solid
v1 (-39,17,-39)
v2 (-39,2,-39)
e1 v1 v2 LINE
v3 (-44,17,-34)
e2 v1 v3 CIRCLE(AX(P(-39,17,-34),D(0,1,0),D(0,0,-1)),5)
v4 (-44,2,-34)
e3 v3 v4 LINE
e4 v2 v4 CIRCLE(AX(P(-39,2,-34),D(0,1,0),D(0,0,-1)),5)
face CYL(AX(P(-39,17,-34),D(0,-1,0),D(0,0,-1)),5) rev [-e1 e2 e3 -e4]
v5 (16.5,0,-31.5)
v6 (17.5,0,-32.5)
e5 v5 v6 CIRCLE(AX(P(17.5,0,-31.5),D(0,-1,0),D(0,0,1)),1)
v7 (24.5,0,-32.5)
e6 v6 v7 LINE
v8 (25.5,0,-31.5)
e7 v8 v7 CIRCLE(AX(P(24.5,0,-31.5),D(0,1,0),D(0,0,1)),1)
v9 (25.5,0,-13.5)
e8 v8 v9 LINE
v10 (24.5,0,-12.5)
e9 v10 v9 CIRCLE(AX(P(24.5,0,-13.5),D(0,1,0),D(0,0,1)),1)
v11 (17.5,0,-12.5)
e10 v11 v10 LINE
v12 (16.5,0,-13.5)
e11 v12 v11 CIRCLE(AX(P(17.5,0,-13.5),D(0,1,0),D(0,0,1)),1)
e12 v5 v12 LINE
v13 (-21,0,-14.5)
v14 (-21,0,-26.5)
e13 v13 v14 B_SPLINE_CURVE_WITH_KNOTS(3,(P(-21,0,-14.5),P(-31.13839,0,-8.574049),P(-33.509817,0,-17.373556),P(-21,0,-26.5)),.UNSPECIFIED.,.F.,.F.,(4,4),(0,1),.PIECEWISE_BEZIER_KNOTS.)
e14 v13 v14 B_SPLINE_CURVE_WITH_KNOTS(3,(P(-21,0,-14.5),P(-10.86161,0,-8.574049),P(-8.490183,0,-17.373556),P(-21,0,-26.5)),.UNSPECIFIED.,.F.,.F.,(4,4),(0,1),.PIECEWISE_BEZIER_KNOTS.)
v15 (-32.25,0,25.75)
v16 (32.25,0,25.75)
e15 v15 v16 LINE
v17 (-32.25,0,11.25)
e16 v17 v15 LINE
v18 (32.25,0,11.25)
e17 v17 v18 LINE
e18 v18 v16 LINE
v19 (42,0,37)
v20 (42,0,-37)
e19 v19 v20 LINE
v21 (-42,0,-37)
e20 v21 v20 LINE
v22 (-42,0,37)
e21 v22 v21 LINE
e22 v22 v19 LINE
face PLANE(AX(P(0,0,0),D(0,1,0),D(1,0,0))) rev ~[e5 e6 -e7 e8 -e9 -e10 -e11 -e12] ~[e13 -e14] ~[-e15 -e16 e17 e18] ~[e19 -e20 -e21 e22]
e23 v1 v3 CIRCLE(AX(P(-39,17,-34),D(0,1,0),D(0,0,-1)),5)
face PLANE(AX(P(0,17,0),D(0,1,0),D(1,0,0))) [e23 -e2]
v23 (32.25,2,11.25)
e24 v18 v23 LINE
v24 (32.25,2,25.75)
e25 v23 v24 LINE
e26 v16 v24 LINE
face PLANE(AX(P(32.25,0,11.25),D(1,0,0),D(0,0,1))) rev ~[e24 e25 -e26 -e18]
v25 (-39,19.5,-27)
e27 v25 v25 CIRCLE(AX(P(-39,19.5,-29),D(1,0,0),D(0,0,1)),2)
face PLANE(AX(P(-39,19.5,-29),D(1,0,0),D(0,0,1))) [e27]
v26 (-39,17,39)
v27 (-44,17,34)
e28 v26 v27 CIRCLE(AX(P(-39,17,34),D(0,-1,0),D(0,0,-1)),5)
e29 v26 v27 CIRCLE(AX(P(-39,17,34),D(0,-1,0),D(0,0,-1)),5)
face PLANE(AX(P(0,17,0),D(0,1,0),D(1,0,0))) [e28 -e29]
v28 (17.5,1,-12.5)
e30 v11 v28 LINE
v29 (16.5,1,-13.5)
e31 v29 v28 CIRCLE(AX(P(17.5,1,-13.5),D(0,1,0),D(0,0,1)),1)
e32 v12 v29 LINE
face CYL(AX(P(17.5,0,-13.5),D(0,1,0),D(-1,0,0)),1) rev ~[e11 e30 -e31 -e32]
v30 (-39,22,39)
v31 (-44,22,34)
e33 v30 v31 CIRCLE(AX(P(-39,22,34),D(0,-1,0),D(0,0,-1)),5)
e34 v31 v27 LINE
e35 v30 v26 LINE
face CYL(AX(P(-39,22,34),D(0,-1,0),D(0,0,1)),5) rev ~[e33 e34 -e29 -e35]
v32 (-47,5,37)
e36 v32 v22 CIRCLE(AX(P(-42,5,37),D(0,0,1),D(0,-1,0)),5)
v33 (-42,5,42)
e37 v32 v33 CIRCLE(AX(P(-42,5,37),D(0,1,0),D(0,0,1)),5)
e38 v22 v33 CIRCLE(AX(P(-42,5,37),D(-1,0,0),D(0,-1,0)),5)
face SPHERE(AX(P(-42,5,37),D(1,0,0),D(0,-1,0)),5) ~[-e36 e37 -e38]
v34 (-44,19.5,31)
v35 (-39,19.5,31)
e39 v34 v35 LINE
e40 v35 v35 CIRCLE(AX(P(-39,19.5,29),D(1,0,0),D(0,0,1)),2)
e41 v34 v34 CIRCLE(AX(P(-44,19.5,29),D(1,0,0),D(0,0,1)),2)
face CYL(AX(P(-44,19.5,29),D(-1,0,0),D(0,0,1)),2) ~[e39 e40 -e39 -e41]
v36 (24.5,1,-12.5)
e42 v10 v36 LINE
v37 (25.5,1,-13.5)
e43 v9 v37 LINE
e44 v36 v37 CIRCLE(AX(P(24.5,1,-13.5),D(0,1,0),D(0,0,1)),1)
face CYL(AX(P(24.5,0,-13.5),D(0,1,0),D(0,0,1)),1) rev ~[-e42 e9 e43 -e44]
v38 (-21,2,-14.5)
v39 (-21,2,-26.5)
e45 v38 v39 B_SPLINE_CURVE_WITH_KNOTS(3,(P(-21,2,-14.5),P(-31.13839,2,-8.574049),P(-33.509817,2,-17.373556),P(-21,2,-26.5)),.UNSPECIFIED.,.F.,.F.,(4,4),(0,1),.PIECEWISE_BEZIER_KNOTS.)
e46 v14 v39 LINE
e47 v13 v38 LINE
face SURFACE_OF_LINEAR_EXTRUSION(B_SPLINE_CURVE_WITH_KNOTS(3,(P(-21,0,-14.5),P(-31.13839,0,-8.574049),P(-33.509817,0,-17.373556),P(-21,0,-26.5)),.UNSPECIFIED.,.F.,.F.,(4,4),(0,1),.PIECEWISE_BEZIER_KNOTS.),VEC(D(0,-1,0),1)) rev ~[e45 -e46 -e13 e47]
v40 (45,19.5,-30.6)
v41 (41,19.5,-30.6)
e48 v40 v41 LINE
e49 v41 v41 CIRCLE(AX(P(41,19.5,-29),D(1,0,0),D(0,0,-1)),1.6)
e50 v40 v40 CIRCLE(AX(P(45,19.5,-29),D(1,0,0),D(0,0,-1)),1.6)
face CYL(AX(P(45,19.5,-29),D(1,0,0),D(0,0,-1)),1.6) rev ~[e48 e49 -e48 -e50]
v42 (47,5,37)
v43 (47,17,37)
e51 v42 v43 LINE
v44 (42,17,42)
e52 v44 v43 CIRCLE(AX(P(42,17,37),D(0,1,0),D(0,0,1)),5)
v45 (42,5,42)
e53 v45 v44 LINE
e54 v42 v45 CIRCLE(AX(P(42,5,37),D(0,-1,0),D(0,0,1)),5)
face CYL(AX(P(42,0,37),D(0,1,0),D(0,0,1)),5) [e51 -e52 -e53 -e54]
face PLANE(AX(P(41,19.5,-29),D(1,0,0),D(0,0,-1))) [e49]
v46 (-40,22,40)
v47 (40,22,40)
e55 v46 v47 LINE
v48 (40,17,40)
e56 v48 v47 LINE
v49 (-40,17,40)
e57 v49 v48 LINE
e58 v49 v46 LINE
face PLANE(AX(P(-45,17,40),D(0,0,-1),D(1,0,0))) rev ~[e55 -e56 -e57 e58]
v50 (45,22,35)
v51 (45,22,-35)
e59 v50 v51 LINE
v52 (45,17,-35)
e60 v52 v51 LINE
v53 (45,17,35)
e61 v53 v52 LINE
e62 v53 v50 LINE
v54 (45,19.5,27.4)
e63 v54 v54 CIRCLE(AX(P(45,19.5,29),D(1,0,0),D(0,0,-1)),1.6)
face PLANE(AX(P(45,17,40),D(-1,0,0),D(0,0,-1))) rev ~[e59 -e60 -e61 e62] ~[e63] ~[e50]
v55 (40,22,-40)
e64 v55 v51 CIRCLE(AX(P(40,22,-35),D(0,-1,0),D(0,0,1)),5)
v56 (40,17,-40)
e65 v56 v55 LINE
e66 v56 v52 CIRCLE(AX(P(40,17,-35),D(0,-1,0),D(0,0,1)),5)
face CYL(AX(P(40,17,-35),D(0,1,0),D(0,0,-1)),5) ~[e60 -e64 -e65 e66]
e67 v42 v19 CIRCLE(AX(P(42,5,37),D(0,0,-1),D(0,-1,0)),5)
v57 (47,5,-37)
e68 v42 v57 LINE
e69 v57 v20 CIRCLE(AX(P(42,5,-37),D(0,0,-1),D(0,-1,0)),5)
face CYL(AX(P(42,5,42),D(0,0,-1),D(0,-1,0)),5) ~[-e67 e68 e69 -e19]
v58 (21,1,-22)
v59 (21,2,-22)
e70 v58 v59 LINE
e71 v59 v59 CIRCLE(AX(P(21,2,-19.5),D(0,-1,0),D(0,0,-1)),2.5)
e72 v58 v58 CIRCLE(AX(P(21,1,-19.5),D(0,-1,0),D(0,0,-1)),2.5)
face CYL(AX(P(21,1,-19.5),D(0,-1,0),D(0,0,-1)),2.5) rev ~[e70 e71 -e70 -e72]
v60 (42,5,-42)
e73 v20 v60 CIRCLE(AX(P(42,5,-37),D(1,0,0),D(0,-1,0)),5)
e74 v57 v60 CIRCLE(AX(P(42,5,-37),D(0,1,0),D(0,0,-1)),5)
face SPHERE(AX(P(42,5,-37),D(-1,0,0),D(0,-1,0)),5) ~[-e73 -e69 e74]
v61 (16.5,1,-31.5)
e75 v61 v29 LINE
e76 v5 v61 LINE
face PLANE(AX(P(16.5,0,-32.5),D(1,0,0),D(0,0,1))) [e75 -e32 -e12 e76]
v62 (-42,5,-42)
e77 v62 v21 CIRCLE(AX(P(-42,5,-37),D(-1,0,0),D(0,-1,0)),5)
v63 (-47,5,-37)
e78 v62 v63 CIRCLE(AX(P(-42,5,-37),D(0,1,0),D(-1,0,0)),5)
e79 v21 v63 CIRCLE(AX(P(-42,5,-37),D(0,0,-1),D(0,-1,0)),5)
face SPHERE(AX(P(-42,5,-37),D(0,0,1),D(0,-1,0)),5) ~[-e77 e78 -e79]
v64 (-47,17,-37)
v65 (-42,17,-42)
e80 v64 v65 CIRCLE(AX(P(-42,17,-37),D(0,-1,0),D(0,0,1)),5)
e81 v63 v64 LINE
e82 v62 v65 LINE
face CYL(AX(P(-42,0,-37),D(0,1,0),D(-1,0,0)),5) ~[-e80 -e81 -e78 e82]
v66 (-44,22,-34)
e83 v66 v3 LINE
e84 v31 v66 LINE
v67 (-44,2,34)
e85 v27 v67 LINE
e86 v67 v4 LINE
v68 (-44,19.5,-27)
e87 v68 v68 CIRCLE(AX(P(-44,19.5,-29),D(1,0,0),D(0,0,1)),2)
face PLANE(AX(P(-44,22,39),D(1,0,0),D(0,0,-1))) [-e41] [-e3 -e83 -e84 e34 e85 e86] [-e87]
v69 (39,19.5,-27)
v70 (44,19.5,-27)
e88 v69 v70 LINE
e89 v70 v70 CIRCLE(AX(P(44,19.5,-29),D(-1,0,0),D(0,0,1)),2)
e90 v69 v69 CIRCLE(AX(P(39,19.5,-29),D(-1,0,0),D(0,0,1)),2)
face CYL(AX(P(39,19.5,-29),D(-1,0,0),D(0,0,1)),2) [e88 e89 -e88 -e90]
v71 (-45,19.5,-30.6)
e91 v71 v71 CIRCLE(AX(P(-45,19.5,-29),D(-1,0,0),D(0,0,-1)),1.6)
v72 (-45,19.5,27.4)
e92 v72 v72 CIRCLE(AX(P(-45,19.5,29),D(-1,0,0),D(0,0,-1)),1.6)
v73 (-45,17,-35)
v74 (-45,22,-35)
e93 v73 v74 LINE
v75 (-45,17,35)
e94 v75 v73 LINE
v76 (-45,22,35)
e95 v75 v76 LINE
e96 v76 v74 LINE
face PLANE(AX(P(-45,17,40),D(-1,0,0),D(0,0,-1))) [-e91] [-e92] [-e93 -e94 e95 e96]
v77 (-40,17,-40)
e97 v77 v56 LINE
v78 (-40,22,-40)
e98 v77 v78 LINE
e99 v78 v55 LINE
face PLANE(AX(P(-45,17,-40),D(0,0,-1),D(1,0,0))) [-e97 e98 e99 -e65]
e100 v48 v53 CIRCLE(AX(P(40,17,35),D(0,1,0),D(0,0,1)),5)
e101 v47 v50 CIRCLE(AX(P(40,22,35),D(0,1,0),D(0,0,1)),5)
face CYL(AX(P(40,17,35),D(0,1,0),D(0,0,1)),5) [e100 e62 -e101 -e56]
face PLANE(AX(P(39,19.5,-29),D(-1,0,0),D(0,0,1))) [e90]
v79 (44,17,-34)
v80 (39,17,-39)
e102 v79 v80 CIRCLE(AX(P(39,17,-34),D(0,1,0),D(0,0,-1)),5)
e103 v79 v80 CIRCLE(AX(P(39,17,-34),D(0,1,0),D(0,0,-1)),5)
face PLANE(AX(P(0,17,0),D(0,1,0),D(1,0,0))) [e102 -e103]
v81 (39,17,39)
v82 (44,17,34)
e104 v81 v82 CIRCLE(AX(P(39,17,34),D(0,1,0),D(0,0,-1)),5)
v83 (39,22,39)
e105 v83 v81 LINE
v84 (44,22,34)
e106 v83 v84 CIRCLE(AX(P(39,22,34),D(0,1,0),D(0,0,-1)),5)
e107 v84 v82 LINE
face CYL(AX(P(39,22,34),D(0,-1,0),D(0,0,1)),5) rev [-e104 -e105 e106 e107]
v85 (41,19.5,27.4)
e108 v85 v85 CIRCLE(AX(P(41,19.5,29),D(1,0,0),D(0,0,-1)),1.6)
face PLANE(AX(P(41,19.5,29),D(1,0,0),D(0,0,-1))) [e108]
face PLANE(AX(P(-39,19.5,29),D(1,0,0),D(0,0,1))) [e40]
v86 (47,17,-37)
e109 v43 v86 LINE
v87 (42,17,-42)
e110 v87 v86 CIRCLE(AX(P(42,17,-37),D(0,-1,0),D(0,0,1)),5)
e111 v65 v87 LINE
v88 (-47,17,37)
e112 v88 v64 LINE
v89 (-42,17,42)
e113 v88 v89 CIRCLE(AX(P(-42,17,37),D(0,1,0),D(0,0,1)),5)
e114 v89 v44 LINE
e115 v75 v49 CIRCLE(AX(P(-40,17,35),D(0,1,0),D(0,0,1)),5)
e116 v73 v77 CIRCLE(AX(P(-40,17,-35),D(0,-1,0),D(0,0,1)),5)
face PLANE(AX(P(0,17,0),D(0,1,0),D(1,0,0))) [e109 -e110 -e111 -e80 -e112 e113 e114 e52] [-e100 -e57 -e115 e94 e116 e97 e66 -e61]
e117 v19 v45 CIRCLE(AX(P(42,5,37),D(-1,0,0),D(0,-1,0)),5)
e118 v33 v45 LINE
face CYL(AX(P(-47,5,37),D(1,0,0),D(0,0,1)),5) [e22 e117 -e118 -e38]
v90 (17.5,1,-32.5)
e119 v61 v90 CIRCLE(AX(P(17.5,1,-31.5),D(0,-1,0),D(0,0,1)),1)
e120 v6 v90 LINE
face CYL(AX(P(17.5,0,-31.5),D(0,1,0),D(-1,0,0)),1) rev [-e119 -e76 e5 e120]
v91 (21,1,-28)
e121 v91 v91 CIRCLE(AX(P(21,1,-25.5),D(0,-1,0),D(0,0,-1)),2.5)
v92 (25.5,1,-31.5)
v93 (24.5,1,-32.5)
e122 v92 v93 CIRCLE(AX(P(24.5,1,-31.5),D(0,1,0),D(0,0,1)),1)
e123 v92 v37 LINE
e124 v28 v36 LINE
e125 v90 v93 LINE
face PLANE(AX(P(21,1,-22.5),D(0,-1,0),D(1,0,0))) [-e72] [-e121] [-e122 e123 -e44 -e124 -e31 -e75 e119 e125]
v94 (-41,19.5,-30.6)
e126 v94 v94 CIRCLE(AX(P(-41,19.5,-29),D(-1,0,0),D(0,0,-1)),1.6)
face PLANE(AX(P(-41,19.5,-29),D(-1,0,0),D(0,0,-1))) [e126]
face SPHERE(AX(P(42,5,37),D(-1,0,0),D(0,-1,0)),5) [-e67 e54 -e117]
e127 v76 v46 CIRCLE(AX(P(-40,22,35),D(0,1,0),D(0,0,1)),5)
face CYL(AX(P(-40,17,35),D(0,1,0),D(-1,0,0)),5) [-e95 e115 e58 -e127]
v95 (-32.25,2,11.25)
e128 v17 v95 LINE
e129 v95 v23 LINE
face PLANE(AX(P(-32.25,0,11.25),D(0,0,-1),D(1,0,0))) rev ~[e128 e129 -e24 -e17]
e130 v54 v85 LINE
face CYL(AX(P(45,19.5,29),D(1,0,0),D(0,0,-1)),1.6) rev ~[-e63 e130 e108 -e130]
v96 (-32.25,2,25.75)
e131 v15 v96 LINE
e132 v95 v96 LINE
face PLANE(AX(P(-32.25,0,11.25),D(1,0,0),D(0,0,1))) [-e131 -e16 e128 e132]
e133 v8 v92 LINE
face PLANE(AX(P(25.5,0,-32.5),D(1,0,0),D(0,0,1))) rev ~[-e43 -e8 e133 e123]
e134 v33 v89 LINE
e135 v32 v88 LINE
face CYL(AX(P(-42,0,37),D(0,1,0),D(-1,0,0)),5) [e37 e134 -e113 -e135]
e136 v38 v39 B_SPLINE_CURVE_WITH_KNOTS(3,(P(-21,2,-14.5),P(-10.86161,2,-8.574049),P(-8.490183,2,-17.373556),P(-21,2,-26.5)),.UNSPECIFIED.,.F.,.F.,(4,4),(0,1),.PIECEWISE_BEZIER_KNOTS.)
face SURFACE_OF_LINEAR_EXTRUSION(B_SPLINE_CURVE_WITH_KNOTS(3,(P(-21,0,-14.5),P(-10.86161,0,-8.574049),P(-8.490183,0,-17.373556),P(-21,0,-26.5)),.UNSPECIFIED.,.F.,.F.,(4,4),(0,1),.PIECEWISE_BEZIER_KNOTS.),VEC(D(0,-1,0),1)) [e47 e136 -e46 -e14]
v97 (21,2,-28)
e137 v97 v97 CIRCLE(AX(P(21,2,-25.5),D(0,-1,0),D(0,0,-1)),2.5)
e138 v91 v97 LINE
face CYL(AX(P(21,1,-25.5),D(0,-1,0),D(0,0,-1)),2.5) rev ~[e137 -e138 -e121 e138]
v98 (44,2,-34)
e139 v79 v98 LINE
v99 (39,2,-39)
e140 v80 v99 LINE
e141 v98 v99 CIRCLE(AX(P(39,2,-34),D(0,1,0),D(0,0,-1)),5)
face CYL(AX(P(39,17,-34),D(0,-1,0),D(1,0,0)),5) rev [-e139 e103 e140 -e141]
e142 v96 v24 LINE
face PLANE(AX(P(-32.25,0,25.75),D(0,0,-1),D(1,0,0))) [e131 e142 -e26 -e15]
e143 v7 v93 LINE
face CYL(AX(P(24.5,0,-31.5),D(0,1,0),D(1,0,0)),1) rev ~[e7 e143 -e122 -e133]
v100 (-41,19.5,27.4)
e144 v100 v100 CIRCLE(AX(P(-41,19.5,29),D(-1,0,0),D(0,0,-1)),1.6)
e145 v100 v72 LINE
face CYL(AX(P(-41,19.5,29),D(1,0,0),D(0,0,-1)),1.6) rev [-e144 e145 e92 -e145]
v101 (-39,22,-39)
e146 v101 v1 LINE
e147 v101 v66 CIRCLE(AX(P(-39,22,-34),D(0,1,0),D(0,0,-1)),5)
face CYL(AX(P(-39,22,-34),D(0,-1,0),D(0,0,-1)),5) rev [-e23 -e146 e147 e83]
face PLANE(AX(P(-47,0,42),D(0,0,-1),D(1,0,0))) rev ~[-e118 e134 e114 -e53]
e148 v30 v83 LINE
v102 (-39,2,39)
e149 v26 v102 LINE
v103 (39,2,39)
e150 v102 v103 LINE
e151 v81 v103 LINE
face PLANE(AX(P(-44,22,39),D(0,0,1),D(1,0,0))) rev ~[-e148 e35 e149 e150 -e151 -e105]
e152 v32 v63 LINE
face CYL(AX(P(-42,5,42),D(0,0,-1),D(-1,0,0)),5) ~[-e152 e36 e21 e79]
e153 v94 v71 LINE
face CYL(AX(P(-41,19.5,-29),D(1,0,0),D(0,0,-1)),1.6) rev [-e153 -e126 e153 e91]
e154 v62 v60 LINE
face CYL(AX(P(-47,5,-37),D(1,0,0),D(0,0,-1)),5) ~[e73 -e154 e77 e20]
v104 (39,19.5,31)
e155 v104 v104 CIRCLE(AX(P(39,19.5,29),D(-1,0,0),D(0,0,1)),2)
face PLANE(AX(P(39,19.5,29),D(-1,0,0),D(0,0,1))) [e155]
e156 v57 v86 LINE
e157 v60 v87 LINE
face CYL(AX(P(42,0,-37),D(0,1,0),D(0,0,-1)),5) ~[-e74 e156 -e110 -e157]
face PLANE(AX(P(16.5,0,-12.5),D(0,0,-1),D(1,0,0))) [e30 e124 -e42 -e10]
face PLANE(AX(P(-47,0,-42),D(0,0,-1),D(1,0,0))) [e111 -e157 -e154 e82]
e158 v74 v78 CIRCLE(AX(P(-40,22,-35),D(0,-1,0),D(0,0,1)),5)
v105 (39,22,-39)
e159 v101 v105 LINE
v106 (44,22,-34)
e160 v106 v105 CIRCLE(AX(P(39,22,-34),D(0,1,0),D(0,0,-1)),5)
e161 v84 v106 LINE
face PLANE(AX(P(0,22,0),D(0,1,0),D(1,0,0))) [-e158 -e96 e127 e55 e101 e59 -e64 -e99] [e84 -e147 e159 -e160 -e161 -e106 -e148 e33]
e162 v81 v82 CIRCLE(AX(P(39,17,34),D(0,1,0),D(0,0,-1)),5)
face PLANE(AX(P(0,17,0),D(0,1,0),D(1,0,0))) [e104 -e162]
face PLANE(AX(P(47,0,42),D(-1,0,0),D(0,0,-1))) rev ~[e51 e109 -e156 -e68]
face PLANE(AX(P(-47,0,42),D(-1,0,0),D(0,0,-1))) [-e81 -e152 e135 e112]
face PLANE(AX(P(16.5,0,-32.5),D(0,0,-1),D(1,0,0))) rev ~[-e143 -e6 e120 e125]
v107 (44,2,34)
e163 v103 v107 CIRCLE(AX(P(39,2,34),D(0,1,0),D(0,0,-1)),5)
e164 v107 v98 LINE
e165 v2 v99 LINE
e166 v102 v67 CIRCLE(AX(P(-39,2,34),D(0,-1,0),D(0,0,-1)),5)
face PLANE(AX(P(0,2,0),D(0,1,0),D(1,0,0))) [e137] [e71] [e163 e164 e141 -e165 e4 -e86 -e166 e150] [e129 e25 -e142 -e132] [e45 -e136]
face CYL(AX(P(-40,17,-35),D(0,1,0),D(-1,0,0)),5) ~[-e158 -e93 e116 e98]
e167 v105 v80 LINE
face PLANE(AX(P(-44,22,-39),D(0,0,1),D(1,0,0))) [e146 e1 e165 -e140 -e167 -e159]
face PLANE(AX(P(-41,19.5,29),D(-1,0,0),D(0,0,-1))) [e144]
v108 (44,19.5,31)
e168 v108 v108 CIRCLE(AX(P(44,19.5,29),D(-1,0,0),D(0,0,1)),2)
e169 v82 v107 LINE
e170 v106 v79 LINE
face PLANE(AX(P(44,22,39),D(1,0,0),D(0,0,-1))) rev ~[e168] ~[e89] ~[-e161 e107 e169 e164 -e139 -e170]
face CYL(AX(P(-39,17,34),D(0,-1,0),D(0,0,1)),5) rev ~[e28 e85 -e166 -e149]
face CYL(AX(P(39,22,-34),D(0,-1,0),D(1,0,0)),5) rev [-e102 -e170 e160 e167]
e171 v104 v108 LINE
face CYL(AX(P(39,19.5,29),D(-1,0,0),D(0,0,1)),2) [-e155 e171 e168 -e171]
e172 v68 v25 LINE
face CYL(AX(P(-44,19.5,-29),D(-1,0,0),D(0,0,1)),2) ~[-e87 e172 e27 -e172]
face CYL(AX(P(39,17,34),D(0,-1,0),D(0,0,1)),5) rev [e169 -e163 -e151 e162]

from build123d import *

# Parameters (mm, degrees)
SKETCH1_W           = 94
SKETCH1_H           = 84
BOSS_EXTRUDE1_DEPTH = 17
SKETCH2_W           = 88
SKETCH2_H           = 78
CUT_EXTRUDE1_DEPTH  = 15
FILLET1_R           = 5
SKETCH4_W           = 90
SKETCH4_H           = 80
BOSS_EXTRUDE3_DEPTH = 5
SKETCH5_W           = 88
SKETCH5_H           = 78
CUT_EXTRUDE2_DEPTH  = 5
FILLET2_R           = 5
SKETCH6_R           = 2
BOSS_EXTRUDE4_DEPTH = 5
BOSS_EXTRUDE5_START = 5
SKETCH7_R           = 2
BOSS_EXTRUDE5_DEPTH = 5
SKETCH8_R           = 1.6
CUT_EXTRUDE3_DEPTH  = 4
CUT_EXTRUDE4_START  = -4
SKETCH9_R           = 1.6
CUT_EXTRUDE4_DEPTH  = 4
SKETCH10_W          = 64.5
SKETCH10_H          = 14.5
CUT_EXTRUDE5_DEPTH  = 2
SKETCH11_W          = 9
SKETCH11_H          = 20
CUT_EXTRUDE6_DEPTH  = 1
FILLET3_R           = 1
SKETCH12_R          = 2.5
CUT_EXTRUDE7_DEPTH  = 1
CUT_EXTRUDE8_DEPTH  = 2


with BuildPart() as part:
    # Sketch1 → Boss-Extrude1 (new body)
    with BuildSketch(Plane(origin=(0, 0, 0), x_dir=(1, 0, 0), z_dir=(0, 1, 0))):
        Rectangle(SKETCH1_W, SKETCH1_H)
    extrude(amount=BOSS_EXTRUDE1_DEPTH)

    # Sketch2 → Cut-Extrude1 (cut)
    with BuildSketch(Plane(origin=(0, 17, 0), x_dir=(1, 0, 0), z_dir=(0, 1, 0))):
        Rectangle(SKETCH2_W, SKETCH2_H)
    extrude(amount=-CUT_EXTRUDE1_DEPTH, mode=Mode.SUBTRACT)

    # Fillet1
    fillet1_edges = [part.edges().sort_by_distance(p)[0] for p in [
        (44, 9.5, -39),
        (44, 9.5, 39),
        (-44, 9.5, 39),
        (-44, 9.5, -39),
        (0, 0, 42),
        (-47, 0, 0),
        (0, 0, -42),
        (47, 0, 0),
        (47, 8.5, 42),
        (-47, 8.5, 42),
        (-47, 8.5, -42),
        (47, 8.5, -42),
    ]]
    fillet(fillet1_edges, radius=FILLET1_R)

    # Sketch4 → Boss-Extrude3 (add)
    with BuildSketch(Plane(origin=(0, 17, 0), x_dir=(1, 0, 0), z_dir=(0, 1, 0))):
        Rectangle(SKETCH4_W, SKETCH4_H)
    extrude(amount=BOSS_EXTRUDE3_DEPTH)

    # Sketch5 → Cut-Extrude2 (cut)
    with BuildSketch(Plane(origin=(0, 22, 0), x_dir=(1, 0, 0), z_dir=(0, 1, 0))):
        Rectangle(SKETCH5_W, SKETCH5_H)
    extrude(amount=-CUT_EXTRUDE2_DEPTH, mode=Mode.SUBTRACT)

    # Fillet2
    fillet2_edges = [part.edges().sort_by_distance(p)[0] for p in [
        (44, 19.5, 39),
        (-44, 19.5, -39),
        (-44, 19.5, 39),
        (44, 19.5, -39),
        (45, 19.5, -40),
        (-45, 19.5, -40),
        (-45, 19.5, 40),
        (45, 19.5, 40),
    ]]
    fillet(fillet2_edges, radius=FILLET2_R)

    # Sketch6 → Boss-Extrude4 (add)
    with BuildSketch(Plane(origin=(-44, 0, 0), x_dir=(0, 0, -1), z_dir=(1, 0, 0))):
        with Locations(Location((29, 19.5, 0), (0, 0, 180))):
            Circle(SKETCH6_R)
        with Locations(Location((-29, 19.5, 0), (0, 0, 180))):
            Circle(SKETCH6_R)
    extrude(amount=BOSS_EXTRUDE4_DEPTH)

    # Sketch7 → Boss-Extrude5 (add)
    with BuildSketch(Plane.ZY.offset(-44).offset(BOSS_EXTRUDE5_START)):
        with Locations((29, 19.5)):
            Circle(SKETCH7_R)
        with Locations((-29, 19.5)):
            Circle(SKETCH7_R)
    extrude(amount=-BOSS_EXTRUDE5_DEPTH)

    # Sketch8 → Cut-Extrude3 (cut)
    with BuildSketch(Plane(origin=(45, 0, 0), x_dir=(0, 0, -1), z_dir=(1, 0, 0))):
        with Locations((29, 19.5)):
            Circle(SKETCH8_R)
        with Locations((-29, 19.5)):
            Circle(SKETCH8_R)
    extrude(amount=-CUT_EXTRUDE3_DEPTH, mode=Mode.SUBTRACT)

    # Sketch9 → Cut-Extrude4 (cut)
    with BuildSketch(Plane.ZY.offset(45).offset(CUT_EXTRUDE4_START)):
        with Locations(Location((-29, 19.5, 0), (0, 0, 180))):
            Circle(SKETCH9_R)
        with Locations(Location((29, 19.5, 0), (0, 0, 180))):
            Circle(SKETCH9_R)
    extrude(amount=CUT_EXTRUDE4_DEPTH, mode=Mode.SUBTRACT)

    # Sketch10 → Cut-Extrude5 (cut)
    with BuildSketch(Plane.XZ):
        with Locations((0, 18.5)):
            Rectangle(SKETCH10_W, SKETCH10_H)
    extrude(amount=-CUT_EXTRUDE5_DEPTH, mode=Mode.SUBTRACT)

    # Sketch11 → Cut-Extrude6 (cut)
    with BuildSketch(Plane.XZ):
        with Locations((21, -22.5)):
            Rectangle(SKETCH11_W, SKETCH11_H)
    extrude(amount=-CUT_EXTRUDE6_DEPTH, mode=Mode.SUBTRACT)

    # Fillet3
    fillet3_edges = [part.edges().sort_by_distance(p)[0] for p in [
        (25.5, 0.5, -12.5),
        (25.5, 0.5, -32.5),
        (16.5, 0.5, -32.5),
        (16.5, 0.5, -12.5),
    ]]
    fillet(fillet3_edges, radius=FILLET3_R)

    # Sketch12 → Cut-Extrude7 (cut)
    with BuildSketch(Plane.XZ.offset(-1)):
        with Locations(Location((21, -19.5, 0), (0, 0, 270))):
            Circle(SKETCH12_R)
        with Locations(Location((21, -25.5, 0), (0, 0, 270))):
            Circle(SKETCH12_R)
    extrude(amount=-CUT_EXTRUDE7_DEPTH, mode=Mode.SUBTRACT)

    # Sketch14 → Cut-Extrude8 (cut)
    with BuildSketch(Plane.XZ):
        with BuildLine():
            add(Edge.make_bspline(
                [(-21, -14.5), (-31.13838967, -8.574048951), (-33.509816714, -17.373555981), (-21, -26.5)],
                knots=[0, 0, 0, 0, 1, 1, 1, 1], degree=3))
            add(Edge.make_bspline(
                [(-21, -14.5), (-10.86161033, -8.574048951), (-8.490183286, -17.373555981), (-21, -26.5)],
                knots=[0, 0, 0, 0, 1, 1, 1, 1], degree=3))
        make_face()
    extrude(amount=-CUT_EXTRUDE8_DEPTH, mode=Mode.SUBTRACT)


solid = part.part
